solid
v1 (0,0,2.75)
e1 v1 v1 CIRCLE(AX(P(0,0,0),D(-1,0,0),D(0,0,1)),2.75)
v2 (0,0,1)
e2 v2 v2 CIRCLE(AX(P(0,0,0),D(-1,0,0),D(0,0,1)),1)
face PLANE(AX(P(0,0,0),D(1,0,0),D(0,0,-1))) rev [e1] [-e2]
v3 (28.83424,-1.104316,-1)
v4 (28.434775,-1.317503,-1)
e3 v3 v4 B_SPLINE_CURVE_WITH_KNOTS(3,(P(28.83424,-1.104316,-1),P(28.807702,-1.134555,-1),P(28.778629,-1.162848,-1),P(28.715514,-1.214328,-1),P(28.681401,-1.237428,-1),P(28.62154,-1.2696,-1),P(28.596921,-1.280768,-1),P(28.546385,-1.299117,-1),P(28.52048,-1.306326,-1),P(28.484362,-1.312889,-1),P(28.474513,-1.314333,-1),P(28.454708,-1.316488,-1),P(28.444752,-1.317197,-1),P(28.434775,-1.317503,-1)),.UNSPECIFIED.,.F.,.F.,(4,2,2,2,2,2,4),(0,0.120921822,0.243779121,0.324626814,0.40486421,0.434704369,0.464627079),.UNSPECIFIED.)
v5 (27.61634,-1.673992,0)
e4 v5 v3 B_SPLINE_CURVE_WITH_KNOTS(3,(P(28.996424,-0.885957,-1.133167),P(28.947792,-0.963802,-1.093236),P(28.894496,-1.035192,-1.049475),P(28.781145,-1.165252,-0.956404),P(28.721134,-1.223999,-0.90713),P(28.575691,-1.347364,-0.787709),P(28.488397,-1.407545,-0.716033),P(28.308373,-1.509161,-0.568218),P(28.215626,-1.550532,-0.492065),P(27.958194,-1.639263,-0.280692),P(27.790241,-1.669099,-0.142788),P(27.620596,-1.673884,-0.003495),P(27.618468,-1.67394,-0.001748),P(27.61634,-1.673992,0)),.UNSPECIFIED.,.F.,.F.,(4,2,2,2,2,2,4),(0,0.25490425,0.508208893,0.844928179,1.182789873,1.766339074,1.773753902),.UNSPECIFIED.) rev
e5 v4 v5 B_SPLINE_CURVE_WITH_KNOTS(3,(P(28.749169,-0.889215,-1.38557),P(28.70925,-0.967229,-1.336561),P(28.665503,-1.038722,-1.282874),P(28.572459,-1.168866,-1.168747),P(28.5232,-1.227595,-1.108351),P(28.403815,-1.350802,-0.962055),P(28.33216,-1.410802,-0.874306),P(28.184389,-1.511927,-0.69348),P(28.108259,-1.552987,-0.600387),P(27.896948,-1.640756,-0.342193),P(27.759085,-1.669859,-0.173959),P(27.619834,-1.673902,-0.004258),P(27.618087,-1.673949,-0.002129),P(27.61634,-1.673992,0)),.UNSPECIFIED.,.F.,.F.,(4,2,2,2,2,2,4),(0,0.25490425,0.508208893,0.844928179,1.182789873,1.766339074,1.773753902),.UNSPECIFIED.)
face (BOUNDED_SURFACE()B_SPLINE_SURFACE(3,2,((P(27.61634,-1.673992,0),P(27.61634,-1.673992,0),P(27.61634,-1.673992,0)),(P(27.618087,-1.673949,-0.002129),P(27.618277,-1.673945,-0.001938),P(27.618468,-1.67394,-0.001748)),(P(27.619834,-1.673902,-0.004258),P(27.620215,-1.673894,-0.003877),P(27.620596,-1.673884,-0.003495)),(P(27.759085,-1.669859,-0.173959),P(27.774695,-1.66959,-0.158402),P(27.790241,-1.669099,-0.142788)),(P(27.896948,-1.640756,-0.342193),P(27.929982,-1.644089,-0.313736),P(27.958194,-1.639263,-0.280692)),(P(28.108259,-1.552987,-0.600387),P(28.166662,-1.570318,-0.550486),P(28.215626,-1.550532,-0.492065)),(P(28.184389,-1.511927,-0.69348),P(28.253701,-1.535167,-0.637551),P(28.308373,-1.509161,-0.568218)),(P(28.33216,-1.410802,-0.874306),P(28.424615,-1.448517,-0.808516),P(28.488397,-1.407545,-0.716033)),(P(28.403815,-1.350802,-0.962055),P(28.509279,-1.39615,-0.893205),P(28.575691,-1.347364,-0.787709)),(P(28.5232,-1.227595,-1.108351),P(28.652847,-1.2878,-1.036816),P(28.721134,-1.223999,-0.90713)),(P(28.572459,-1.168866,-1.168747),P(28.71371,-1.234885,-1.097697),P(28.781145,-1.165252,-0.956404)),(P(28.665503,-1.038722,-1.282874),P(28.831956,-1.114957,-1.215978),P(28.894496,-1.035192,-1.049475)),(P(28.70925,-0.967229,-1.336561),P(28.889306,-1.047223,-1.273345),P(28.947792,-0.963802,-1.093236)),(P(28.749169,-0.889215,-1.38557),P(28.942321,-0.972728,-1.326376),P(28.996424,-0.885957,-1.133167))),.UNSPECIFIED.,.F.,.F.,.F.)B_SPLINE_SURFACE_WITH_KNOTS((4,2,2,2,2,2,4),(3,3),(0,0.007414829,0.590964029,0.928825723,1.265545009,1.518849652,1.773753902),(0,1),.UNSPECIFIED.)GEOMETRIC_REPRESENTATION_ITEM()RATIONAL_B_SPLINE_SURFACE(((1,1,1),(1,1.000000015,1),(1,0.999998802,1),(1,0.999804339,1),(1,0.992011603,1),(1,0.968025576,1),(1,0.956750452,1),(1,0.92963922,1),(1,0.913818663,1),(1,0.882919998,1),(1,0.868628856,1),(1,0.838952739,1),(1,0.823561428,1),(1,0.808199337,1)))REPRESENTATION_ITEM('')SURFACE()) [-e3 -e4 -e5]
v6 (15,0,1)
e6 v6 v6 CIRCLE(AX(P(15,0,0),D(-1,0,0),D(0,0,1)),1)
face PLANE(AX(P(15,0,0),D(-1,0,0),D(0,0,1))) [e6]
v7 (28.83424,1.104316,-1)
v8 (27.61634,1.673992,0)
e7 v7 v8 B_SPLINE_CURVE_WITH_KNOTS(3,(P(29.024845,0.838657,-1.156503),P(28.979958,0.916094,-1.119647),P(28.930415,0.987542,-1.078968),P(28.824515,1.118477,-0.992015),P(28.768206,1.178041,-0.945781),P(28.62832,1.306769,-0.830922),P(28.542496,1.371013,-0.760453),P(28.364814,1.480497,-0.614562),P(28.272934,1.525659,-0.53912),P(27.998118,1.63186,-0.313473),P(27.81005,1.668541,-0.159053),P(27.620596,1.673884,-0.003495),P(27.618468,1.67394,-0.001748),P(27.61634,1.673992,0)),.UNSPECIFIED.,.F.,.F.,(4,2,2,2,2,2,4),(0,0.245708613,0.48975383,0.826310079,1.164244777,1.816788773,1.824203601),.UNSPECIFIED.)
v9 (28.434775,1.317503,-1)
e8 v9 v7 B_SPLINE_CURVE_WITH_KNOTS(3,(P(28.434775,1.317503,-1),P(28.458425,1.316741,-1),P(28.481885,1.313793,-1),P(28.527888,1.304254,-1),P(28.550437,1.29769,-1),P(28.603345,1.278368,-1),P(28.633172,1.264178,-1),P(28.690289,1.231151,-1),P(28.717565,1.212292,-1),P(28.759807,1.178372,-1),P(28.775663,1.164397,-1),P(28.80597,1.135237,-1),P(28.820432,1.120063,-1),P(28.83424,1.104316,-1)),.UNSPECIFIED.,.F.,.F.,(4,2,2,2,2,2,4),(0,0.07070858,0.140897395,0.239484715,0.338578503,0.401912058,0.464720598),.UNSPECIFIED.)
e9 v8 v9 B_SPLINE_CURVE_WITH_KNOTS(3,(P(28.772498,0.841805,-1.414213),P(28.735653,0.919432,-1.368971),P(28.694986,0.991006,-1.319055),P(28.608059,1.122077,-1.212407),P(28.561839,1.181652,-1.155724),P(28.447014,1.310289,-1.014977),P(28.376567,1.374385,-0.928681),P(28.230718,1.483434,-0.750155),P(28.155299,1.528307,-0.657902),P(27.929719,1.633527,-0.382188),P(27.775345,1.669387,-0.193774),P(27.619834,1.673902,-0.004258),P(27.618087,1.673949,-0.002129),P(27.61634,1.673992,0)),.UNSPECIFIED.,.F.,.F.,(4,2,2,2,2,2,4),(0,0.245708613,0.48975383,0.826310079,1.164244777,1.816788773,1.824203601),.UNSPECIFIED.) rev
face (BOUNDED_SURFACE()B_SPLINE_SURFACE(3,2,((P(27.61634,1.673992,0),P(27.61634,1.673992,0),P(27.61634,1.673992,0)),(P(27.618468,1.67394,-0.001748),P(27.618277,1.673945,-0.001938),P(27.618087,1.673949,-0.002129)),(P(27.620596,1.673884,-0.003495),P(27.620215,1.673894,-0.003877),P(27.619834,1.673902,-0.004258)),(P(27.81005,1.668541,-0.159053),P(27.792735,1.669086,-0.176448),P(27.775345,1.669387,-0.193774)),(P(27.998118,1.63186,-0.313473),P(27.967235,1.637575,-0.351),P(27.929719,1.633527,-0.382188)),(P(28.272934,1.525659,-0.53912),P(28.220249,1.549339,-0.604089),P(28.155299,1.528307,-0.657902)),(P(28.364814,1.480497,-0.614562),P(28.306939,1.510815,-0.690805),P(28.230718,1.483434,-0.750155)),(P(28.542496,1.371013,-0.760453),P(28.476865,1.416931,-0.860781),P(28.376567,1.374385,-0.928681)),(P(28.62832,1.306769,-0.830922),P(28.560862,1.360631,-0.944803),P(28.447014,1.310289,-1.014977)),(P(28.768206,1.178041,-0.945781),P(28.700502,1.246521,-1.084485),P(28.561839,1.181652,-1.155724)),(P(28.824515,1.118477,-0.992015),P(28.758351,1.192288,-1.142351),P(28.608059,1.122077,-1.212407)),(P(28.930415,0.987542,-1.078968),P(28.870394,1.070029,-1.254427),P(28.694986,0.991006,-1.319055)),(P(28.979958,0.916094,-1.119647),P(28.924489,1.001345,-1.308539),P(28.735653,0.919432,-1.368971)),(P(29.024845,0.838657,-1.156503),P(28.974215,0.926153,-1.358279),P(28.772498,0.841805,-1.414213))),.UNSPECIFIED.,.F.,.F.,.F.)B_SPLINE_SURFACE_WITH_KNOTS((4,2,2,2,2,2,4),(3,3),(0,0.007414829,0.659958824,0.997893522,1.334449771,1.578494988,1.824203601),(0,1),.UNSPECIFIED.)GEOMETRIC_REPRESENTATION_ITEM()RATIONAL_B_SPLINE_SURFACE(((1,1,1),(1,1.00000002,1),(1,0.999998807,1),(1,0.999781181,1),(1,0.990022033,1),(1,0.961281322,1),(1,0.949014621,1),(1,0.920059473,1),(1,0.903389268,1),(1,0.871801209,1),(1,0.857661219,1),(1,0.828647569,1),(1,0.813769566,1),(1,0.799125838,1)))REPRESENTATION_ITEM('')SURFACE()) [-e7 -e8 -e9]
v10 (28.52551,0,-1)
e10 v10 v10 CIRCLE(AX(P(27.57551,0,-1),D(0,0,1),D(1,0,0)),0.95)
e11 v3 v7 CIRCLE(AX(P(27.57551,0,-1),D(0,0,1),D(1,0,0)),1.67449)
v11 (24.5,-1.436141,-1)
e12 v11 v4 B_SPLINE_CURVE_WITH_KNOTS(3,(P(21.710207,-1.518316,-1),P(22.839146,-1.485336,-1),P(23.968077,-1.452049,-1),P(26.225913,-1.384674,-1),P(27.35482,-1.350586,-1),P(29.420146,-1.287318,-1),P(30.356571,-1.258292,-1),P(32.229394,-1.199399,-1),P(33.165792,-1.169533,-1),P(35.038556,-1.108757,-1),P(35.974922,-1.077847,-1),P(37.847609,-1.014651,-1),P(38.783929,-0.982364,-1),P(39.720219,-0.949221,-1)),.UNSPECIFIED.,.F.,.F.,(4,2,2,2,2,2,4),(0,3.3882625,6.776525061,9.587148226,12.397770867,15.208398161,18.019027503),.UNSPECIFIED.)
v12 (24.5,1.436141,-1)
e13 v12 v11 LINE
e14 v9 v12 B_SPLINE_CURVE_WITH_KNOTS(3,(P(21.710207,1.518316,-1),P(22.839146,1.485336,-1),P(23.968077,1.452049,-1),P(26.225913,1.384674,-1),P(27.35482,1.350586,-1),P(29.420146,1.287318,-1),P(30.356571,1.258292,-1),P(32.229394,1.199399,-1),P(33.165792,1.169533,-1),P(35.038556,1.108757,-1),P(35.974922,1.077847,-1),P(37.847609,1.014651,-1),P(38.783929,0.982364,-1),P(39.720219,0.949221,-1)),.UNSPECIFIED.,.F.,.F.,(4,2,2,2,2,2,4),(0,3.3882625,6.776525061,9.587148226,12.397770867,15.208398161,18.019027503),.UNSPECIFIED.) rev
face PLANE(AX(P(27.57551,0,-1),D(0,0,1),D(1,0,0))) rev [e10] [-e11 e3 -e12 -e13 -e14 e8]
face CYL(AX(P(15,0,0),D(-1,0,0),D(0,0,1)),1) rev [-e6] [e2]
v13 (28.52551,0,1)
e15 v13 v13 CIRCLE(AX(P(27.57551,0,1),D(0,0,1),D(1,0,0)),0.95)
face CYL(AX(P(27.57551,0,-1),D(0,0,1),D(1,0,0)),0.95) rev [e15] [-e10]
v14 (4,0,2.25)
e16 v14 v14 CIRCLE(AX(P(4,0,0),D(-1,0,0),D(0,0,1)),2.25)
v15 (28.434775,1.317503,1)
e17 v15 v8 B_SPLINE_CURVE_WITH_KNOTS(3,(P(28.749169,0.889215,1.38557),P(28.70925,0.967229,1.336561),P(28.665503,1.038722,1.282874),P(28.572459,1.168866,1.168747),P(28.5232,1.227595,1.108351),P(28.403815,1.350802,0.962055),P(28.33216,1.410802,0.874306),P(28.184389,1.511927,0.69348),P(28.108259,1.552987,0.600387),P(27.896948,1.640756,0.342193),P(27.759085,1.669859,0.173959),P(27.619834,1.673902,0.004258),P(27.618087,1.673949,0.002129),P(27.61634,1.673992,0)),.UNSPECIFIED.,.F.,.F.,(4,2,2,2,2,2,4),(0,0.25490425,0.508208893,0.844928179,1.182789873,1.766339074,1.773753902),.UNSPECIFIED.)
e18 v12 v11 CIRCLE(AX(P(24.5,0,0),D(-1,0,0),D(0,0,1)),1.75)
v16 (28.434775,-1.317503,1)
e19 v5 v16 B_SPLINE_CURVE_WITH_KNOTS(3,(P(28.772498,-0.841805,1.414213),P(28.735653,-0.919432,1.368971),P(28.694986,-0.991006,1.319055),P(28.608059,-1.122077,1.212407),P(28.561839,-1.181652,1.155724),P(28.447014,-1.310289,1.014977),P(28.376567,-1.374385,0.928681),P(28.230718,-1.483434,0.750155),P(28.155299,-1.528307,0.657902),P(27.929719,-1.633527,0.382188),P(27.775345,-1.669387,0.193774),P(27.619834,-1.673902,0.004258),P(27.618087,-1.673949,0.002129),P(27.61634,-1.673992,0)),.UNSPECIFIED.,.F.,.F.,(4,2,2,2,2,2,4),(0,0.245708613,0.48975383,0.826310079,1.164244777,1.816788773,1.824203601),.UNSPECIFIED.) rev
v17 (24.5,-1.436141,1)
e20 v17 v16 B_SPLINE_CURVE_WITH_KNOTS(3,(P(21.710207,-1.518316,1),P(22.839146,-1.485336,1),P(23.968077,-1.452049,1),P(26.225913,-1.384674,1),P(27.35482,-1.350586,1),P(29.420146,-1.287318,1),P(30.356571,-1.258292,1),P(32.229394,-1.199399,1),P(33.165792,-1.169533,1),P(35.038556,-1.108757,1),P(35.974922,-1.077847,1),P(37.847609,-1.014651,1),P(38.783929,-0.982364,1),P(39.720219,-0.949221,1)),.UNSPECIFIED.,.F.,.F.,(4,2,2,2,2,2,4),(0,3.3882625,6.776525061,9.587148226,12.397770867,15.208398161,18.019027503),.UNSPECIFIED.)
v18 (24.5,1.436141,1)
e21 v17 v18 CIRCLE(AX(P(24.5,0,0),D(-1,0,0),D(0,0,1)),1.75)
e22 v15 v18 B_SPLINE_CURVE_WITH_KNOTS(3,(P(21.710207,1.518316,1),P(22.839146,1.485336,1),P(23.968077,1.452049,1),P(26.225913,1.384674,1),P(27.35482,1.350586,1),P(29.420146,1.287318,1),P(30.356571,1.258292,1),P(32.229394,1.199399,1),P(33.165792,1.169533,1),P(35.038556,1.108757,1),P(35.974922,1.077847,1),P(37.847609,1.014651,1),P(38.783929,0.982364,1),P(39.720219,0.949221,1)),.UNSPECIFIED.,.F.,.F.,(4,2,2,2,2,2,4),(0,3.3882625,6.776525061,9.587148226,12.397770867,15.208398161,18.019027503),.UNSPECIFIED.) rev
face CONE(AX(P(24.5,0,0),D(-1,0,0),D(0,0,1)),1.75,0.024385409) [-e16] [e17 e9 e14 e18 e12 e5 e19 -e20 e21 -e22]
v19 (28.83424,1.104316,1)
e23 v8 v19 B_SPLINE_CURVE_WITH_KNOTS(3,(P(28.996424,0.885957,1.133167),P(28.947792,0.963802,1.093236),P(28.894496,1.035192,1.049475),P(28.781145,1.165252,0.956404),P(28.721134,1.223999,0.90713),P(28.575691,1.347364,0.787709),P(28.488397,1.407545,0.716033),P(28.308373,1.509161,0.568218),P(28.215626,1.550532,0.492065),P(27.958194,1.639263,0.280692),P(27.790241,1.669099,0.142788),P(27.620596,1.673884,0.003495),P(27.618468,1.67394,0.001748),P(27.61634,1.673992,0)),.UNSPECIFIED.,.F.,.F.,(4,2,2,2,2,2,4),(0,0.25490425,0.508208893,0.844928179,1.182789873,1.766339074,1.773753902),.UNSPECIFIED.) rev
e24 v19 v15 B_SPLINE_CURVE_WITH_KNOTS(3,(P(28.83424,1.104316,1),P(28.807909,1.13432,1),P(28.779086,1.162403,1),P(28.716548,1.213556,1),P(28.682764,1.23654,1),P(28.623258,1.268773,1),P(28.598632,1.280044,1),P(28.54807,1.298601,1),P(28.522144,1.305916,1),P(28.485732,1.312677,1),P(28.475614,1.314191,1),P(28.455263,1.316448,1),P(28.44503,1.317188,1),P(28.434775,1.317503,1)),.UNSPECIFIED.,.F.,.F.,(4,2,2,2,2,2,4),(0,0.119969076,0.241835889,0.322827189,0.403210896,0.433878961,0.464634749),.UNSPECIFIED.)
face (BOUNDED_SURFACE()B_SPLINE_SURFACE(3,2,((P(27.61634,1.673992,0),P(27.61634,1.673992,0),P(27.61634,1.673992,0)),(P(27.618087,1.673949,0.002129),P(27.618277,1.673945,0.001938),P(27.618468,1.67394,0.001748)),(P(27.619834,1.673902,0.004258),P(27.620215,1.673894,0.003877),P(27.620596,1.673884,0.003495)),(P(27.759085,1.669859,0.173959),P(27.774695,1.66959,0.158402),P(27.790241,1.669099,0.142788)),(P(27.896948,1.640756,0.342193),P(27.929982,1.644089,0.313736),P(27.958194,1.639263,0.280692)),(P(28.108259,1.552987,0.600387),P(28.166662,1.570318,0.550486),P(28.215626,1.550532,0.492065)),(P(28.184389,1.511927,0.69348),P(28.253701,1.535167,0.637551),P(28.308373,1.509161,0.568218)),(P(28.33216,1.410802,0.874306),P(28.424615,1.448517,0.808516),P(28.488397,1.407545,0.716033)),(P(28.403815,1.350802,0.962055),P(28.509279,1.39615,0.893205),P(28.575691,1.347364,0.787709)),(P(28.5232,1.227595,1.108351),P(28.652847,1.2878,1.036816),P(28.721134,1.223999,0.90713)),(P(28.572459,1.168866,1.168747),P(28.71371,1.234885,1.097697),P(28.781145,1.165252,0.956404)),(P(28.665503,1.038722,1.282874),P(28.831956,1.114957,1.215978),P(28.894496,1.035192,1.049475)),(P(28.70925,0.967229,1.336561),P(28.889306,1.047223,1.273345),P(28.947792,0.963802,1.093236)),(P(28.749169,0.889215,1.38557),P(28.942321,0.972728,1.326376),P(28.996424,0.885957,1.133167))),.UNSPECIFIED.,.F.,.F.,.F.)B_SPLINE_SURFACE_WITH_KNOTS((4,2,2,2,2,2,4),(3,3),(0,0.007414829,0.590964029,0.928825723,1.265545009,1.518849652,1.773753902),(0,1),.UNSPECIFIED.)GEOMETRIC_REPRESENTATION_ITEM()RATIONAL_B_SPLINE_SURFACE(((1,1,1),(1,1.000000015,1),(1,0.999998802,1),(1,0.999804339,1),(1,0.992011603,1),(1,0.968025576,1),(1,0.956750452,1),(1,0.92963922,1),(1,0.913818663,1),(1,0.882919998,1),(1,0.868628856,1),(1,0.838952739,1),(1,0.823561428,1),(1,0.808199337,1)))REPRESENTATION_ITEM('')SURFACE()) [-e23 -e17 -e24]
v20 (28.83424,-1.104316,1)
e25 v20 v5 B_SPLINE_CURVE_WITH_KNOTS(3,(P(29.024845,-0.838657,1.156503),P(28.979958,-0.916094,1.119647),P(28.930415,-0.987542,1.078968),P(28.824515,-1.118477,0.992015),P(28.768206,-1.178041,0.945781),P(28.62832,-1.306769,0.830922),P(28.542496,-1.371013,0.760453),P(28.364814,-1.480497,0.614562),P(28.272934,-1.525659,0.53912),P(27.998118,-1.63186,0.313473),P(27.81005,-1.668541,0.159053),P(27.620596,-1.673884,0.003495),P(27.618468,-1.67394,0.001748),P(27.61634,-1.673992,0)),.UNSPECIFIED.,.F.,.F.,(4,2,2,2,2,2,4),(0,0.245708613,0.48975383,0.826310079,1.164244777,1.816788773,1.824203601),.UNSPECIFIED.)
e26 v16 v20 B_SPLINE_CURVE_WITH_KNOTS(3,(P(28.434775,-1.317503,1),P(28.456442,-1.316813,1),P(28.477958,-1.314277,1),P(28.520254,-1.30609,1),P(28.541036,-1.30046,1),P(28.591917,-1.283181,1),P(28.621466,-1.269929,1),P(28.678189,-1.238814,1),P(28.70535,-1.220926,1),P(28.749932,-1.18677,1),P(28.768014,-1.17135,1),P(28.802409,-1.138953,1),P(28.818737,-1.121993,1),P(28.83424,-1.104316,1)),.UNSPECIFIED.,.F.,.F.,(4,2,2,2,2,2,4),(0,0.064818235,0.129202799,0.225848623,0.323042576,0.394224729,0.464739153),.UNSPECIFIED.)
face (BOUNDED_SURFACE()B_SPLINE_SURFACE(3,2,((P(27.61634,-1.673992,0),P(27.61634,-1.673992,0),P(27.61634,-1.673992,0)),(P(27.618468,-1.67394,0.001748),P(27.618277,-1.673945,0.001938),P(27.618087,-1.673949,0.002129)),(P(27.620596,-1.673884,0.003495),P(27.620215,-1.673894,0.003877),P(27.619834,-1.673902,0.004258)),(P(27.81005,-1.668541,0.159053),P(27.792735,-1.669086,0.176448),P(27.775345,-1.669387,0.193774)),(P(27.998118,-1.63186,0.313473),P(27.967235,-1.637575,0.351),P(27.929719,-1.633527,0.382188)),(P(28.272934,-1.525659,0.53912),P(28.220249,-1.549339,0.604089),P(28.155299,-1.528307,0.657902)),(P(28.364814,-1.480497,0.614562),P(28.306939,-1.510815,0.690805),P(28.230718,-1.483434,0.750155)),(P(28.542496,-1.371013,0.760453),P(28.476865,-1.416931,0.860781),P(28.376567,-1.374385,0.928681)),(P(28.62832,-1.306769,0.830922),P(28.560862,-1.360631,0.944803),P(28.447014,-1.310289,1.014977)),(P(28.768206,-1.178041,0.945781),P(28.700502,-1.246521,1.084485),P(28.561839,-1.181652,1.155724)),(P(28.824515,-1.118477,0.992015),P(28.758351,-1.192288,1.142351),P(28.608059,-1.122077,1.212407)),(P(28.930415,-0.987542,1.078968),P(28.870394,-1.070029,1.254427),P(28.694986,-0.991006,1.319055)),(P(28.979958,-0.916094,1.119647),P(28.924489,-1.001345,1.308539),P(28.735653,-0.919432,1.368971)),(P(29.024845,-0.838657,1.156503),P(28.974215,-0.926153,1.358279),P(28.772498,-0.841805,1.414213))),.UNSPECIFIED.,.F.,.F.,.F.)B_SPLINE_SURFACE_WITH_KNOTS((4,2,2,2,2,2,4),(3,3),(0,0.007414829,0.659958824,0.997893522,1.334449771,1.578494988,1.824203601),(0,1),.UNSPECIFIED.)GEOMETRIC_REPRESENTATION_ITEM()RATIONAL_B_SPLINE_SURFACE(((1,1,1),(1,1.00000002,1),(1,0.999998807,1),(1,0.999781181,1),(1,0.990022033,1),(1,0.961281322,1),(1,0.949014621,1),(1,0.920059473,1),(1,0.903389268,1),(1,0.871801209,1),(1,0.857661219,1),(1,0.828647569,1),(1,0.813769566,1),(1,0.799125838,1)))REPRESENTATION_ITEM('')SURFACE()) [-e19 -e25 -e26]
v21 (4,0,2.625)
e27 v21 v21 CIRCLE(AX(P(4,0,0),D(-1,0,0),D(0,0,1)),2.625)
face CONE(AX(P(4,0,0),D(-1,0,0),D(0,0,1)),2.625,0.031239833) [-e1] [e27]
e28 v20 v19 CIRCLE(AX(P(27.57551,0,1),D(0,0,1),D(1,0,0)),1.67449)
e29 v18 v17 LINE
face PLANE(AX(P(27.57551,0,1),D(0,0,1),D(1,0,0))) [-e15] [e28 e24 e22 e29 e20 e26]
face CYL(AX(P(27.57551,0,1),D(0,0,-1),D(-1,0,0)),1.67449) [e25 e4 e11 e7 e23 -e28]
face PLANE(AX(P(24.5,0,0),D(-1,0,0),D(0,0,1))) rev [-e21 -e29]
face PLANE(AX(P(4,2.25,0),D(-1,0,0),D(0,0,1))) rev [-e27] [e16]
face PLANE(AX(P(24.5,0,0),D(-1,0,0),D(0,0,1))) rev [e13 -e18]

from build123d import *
from build123d.topology import SkipClean

# Parameters (mm, degrees)
BOSS_EXTRUDE1_DEPTH = 1
SKETCH5_R           = 0.9500000000000008
CUT_EXTRUDE1_DEPTH  = 2
FILLET1_R           = 0.3
SKETCH6_R           = 1
CUT_EXTRUDE2_DEPTH  = 15


with BuildPart() as part:
    # Sketch2 → Revolve1 (revolve)
    with BuildSketch(Plane.XY, mode=Mode.PRIVATE) as revolve1_sk:
        Polygon((0, 0), (0, 2.75), (4, 2.625), (4, 2.25), (24.5, 1.75), (24.5, 0), align=None)
    revolve(revolve1_sk.sketch.rotate(Axis((0, 0, 0), (1, 0, 0)), 90), axis=Axis((0, 0, 0), (1, 0, 0)))

    # Sketch3 → Boss-Extrude1 (add, symmetric)
    with BuildSketch(Plane.XY):
        with BuildLine():
            Line((24.5, 1.75), (24.5, -1.75))
            Line((24.5, -1.75), (27.61633950553443, -1.673991719377209))
            ThreePointArc((27.61633950553443, -1.673991719377209), (29.24999999999989, -1.262e-14), (27.61633950553443, 1.6739917193771834))
            Line((27.61633950553443, 1.6739917193771834), (24.5, 1.75))
        make_face()
    extrude(amount=BOSS_EXTRUDE1_DEPTH, both=True)

    # Sketch4 → Cut-Revolve1 (revolve, cut)
    with SkipClean():  # the faces are left unmerged after this step: merging them gives an invalid solid
        with BuildSketch(Plane.XY):
            Polygon((24.5, 1.75), (30.062821942046543, 1.6143214160476007), (30.062821942046543, 2.5), (24.5, 2.5), align=None)
        revolve(axis=Axis((24.5, 4.3e-16, 0), (1, -3e-16, 0)), mode=Mode.SUBTRACT)

    # Sketch5 → Cut-Extrude1 (cut)
    with SkipClean():  # the faces are left unmerged after this step: merging them gives an invalid solid
        with BuildSketch(Plane.XY.offset(1)):
            with Locations((27.575510439208156, -1.262e-14)):
                Circle(SKETCH5_R)
        extrude(amount=-CUT_EXTRUDE1_DEPTH, mode=Mode.SUBTRACT)

    # Fillet1
    fillet1_edges = [part.edges().sort_by_distance(p)[0] for p in [
        (28.132039020152703, 1.5793008628168437, -0.5158528825070366),
        (28.132039019923862, -1.579300862247398, -0.5158528822781783),
        (28.1320390201527, 1.579300862816838, 0.5158528825070365),
        (28.132039019899718, -1.5793008622559224, 0.5158528822537949),
    ]]
    fillet(fillet1_edges, radius=FILLET1_R)

    # Sketch6 → Cut-Extrude2 (cut)
    with SkipClean():  # the faces are left unmerged after this step: merging them gives an invalid solid
        with BuildSketch(Plane.ZY):
            Circle(SKETCH6_R)
        extrude(amount=-CUT_EXTRUDE2_DEPTH, mode=Mode.SUBTRACT)


solid = part.part
